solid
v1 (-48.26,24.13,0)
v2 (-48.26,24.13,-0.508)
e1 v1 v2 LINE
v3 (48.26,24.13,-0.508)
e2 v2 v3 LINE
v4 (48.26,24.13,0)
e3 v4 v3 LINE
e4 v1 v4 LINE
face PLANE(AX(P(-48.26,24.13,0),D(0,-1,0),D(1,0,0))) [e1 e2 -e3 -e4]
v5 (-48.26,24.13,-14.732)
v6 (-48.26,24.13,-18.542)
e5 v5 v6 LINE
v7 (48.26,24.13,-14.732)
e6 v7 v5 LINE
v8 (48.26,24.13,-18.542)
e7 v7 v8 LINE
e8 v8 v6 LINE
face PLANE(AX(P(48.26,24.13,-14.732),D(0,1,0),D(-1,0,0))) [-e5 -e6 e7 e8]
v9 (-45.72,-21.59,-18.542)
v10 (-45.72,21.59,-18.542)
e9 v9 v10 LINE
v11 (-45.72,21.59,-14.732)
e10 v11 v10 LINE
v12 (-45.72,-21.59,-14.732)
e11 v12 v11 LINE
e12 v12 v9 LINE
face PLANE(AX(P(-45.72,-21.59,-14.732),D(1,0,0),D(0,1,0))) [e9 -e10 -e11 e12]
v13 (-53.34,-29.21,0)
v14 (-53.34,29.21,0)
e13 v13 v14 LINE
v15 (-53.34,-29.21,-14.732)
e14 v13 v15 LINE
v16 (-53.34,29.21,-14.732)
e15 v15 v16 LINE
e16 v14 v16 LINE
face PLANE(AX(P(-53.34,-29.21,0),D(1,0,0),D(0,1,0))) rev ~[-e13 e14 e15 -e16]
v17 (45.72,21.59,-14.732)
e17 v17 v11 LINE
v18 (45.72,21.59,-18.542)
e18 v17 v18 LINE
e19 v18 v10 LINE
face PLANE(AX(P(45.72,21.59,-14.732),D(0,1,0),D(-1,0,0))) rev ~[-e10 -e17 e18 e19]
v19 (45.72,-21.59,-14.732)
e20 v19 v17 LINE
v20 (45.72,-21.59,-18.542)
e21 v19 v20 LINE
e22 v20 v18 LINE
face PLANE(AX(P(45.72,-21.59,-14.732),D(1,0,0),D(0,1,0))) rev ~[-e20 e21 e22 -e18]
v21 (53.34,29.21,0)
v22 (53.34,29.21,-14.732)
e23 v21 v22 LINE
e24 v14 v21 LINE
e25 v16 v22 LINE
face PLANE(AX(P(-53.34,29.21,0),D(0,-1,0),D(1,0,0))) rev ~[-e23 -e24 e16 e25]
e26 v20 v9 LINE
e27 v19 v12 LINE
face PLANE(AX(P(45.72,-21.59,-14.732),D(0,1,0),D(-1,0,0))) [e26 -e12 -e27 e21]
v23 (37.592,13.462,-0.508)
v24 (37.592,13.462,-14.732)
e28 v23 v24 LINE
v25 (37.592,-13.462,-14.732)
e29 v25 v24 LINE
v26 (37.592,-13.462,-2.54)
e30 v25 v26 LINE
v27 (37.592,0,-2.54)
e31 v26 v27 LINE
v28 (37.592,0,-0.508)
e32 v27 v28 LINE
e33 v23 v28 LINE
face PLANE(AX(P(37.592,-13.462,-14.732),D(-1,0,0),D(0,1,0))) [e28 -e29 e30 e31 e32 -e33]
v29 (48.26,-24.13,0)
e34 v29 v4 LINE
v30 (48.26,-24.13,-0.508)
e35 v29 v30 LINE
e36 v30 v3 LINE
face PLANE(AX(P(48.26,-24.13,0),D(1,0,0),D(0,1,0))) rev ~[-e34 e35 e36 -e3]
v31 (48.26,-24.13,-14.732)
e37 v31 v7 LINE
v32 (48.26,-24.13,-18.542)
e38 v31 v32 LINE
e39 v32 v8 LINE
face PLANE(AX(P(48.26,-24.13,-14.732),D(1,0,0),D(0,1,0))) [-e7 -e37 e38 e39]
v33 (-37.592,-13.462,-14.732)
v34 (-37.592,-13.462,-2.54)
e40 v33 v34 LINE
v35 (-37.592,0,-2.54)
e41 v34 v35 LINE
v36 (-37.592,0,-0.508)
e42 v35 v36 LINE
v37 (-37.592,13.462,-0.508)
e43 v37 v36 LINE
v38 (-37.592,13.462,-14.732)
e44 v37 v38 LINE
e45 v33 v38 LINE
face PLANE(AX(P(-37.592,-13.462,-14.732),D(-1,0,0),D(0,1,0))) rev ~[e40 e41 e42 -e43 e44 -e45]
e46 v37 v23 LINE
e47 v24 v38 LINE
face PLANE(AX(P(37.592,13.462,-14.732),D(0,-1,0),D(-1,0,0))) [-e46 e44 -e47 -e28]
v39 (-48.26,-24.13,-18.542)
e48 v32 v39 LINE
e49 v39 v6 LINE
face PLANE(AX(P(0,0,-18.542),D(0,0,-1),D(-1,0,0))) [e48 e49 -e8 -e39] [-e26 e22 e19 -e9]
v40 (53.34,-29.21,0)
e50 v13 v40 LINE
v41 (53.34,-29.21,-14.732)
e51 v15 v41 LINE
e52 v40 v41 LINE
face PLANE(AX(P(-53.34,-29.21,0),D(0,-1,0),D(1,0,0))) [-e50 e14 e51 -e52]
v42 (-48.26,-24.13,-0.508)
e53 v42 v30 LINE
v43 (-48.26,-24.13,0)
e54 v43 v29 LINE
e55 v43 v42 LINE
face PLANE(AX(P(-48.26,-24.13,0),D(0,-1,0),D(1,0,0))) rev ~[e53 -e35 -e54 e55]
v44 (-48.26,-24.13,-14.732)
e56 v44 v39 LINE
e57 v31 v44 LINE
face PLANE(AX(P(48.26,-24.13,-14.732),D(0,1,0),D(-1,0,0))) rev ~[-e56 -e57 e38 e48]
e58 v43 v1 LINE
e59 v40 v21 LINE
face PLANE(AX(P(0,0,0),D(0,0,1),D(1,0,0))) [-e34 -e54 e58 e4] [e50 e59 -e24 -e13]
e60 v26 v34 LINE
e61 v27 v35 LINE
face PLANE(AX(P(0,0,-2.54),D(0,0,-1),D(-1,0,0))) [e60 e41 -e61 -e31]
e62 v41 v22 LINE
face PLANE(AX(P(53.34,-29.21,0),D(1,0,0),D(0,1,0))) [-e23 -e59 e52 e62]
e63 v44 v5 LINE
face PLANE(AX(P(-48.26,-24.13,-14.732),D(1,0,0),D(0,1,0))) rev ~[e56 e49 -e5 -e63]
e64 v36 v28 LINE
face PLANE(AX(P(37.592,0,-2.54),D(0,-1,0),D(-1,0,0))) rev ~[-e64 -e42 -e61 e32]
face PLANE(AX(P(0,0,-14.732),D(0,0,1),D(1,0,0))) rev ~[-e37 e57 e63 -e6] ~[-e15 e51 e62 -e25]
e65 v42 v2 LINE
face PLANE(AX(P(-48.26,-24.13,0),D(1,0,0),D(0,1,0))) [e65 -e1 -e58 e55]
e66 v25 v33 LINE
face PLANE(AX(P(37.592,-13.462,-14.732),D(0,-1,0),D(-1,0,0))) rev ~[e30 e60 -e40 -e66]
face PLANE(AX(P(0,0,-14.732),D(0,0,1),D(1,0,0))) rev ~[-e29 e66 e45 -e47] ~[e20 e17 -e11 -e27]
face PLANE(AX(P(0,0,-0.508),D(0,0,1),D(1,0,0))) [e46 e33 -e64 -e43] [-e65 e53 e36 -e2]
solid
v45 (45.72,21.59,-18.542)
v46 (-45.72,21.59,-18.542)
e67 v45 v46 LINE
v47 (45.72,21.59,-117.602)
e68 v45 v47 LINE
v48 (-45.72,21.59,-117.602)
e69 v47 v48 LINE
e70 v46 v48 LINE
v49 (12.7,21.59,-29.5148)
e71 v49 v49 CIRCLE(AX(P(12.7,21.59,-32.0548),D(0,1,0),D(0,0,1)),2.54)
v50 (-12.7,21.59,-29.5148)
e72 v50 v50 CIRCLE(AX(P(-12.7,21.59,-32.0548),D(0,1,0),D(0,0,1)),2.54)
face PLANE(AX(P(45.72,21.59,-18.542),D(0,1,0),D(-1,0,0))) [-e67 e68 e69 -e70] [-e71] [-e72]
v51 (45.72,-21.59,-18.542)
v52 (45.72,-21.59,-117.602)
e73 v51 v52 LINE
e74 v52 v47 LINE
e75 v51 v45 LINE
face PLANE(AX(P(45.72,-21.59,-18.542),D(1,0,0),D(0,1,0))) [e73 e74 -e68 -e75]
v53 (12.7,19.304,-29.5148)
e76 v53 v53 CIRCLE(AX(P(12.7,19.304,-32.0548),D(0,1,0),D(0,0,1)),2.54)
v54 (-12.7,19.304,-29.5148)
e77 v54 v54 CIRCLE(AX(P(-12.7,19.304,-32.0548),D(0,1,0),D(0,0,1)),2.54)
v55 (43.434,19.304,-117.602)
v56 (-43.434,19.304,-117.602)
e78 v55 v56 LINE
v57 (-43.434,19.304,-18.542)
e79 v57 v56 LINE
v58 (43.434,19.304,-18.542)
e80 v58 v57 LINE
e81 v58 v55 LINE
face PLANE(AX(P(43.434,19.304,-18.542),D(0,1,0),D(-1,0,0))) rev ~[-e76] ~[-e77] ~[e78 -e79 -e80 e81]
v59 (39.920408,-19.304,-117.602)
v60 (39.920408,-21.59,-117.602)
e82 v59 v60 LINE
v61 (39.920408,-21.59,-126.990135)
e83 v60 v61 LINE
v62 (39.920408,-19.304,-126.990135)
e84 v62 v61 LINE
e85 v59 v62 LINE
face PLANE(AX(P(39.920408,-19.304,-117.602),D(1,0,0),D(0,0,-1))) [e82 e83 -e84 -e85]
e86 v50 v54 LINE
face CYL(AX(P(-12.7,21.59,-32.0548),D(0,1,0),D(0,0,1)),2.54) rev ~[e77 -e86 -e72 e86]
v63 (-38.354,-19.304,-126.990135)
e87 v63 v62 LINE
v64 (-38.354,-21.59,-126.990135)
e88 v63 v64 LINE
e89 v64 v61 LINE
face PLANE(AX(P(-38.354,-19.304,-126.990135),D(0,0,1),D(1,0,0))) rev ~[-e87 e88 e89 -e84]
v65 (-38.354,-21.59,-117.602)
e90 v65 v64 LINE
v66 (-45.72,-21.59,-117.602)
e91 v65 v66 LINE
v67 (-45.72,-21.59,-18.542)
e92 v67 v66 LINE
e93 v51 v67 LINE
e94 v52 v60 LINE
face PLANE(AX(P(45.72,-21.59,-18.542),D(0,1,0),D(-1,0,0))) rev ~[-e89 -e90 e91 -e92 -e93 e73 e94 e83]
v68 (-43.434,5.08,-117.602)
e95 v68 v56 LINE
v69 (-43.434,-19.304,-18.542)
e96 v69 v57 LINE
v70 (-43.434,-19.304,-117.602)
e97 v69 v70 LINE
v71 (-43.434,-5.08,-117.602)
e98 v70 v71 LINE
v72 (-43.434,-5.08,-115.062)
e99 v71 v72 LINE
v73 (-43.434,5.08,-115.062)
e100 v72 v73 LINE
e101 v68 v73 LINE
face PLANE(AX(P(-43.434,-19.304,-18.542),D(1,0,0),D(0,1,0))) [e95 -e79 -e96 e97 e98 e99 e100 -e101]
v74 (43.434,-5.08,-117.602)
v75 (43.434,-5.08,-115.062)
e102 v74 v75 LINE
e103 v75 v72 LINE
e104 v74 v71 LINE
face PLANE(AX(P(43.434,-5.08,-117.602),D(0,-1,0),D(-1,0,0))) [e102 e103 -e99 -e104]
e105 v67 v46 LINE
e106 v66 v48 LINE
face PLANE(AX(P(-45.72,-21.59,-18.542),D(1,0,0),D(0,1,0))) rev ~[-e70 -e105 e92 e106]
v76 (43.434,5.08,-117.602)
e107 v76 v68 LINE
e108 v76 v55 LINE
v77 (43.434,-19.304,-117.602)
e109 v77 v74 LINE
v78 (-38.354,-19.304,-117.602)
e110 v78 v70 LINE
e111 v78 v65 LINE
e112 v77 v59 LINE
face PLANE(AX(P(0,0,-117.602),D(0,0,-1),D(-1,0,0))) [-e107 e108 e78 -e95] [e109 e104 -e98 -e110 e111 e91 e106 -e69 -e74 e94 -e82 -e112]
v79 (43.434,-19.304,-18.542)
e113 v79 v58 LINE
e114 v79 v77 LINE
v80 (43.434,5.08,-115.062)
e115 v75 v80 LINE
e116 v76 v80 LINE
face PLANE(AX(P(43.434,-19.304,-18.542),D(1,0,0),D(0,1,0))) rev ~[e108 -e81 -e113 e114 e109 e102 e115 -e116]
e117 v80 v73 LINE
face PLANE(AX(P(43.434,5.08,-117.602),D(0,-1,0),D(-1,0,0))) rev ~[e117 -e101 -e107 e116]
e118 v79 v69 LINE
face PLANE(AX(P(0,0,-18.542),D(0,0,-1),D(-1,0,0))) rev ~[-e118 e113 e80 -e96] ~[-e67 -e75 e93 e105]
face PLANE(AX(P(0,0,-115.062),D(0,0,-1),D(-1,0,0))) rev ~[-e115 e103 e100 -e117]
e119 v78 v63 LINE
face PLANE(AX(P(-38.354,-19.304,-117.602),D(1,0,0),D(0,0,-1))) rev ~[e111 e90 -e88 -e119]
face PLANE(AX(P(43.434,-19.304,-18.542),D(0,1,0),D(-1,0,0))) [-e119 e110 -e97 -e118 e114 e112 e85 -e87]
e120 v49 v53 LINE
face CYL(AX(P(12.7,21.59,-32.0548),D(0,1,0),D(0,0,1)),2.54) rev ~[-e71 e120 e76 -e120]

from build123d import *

# Parameters (mm, degrees)
SKETCH1_W           = 106.68
SKETCH1_H           = 58.42
BOSS_EXTRUDE1_DEPTH = 14.732
SKETCH2_W           = 96.52
SKETCH2_H           = 48.26
CUT_EXTRUDE1_DEPTH  = 0.508
SKETCH3_W           = 75.184
SKETCH3_H           = 26.924
CUT_EXTRUDE2_DEPTH  = 12.192
SKETCH4_W           = 75.184
SKETCH4_H           = 13.462
CUT_EXTRUDE3_DEPTH  = 12.192
SKETCH5_W           = 96.52
SKETCH5_H           = 48.26
SKETCH5_W_2         = 91.44
SKETCH5_H_2         = 43.18
BOSS_EXTRUDE2_DEPTH = 3.81
SKETCH6_W           = 91.44
SKETCH6_H           = 43.18
SKETCH6_W_2         = 86.868
SKETCH6_H_2         = 38.608
BOSS_EXTRUDE3_DEPTH = 99.06
SKETCH7_W           = 86.868
SKETCH7_H           = 10.16
BOSS_EXTRUDE4_DEPTH = 2.54
SKETCH8_W           = 78.274407713
SKETCH8_H           = 9.388134975
BOSS_EXTRUDE5_DEPTH = 2.286
SKETCH9_R           = 2.54
CUT_EXTRUDE4_DEPTH  = 2.286


with BuildPart() as part:
    # Sketch1 → Boss-Extrude1 (new body)
    with BuildSketch(Plane.XY):
        Rectangle(SKETCH1_W, SKETCH1_H)
    extrude(amount=-BOSS_EXTRUDE1_DEPTH)

    # Sketch2 → Cut-Extrude1 (cut)
    with BuildSketch(Plane.XY):
        Rectangle(SKETCH2_W, SKETCH2_H)
    extrude(amount=-CUT_EXTRUDE1_DEPTH, mode=Mode.SUBTRACT)

    # Sketch3 → Cut-Extrude2 (cut)
    with BuildSketch(Plane(origin=(0, 0, -14.732), x_dir=(-1, 0, 0), z_dir=(0, 0, -1))):
        Rectangle(SKETCH3_W, SKETCH3_H)
    extrude(amount=-CUT_EXTRUDE2_DEPTH, mode=Mode.SUBTRACT)

    # Sketch4 → Cut-Extrude3 (cut)
    with BuildSketch(Plane(origin=(0, 0, -2.54), x_dir=(-1, 0, 0), z_dir=(0, 0, -1))):
        with Locations((0, 6.731)):
            Rectangle(SKETCH4_W, SKETCH4_H)
    extrude(amount=-CUT_EXTRUDE3_DEPTH, mode=Mode.SUBTRACT)

    # Sketch5 → Boss-Extrude2 (add)
    with BuildSketch(Plane(origin=(0, 0, -14.732), x_dir=(-1, 0, 0), z_dir=(0, 0, -1))):
        Rectangle(SKETCH5_W, SKETCH5_H)
        Rectangle(SKETCH5_W_2, SKETCH5_H_2, mode=Mode.SUBTRACT)
    extrude(amount=BOSS_EXTRUDE2_DEPTH)


with BuildPart() as body_2:
    # Sketch6 → Boss-Extrude3 (new body)
    with BuildSketch(Plane(origin=(0, 0, -18.542), x_dir=(-1, 0, 0), z_dir=(0, 0, -1))):
        Rectangle(SKETCH6_W, SKETCH6_H)
        Rectangle(SKETCH6_W_2, SKETCH6_H_2, mode=Mode.SUBTRACT)
    extrude(amount=BOSS_EXTRUDE3_DEPTH)

    # Sketch7 → Boss-Extrude4 (add)
    with BuildSketch(Plane(origin=(0, 0, -117.602), x_dir=(-1, 0, 0), z_dir=(0, 0, -1))):
        Rectangle(SKETCH7_W, SKETCH7_H)
    extrude(amount=-BOSS_EXTRUDE4_DEPTH)

    # Sketch8 → Boss-Extrude5 (add)
    with BuildSketch(Plane(origin=(0, -19.304, 0), x_dir=(1, 0, 0), z_dir=(0, 1, 0))):
        with Locations((0.783203857, 122.296067488)):
            Rectangle(SKETCH8_W, SKETCH8_H)
    extrude(amount=-BOSS_EXTRUDE5_DEPTH)

    # Sketch9 → Cut-Extrude4 (cut)
    with BuildSketch(Plane(origin=(0, 21.59, 0), x_dir=(1, 0, 0), z_dir=(0, 1, 0))):
        with Locations(Location((12.7, 32.0548, 0), (0, 0, 270))):
            Circle(SKETCH9_R)
        with Locations(Location((-12.7, 32.0548, 0), (0, 0, 270))):
            Circle(SKETCH9_R)
    extrude(amount=-CUT_EXTRUDE4_DEPTH, mode=Mode.SUBTRACT)


solid = Compound([part.part, body_2.part])
